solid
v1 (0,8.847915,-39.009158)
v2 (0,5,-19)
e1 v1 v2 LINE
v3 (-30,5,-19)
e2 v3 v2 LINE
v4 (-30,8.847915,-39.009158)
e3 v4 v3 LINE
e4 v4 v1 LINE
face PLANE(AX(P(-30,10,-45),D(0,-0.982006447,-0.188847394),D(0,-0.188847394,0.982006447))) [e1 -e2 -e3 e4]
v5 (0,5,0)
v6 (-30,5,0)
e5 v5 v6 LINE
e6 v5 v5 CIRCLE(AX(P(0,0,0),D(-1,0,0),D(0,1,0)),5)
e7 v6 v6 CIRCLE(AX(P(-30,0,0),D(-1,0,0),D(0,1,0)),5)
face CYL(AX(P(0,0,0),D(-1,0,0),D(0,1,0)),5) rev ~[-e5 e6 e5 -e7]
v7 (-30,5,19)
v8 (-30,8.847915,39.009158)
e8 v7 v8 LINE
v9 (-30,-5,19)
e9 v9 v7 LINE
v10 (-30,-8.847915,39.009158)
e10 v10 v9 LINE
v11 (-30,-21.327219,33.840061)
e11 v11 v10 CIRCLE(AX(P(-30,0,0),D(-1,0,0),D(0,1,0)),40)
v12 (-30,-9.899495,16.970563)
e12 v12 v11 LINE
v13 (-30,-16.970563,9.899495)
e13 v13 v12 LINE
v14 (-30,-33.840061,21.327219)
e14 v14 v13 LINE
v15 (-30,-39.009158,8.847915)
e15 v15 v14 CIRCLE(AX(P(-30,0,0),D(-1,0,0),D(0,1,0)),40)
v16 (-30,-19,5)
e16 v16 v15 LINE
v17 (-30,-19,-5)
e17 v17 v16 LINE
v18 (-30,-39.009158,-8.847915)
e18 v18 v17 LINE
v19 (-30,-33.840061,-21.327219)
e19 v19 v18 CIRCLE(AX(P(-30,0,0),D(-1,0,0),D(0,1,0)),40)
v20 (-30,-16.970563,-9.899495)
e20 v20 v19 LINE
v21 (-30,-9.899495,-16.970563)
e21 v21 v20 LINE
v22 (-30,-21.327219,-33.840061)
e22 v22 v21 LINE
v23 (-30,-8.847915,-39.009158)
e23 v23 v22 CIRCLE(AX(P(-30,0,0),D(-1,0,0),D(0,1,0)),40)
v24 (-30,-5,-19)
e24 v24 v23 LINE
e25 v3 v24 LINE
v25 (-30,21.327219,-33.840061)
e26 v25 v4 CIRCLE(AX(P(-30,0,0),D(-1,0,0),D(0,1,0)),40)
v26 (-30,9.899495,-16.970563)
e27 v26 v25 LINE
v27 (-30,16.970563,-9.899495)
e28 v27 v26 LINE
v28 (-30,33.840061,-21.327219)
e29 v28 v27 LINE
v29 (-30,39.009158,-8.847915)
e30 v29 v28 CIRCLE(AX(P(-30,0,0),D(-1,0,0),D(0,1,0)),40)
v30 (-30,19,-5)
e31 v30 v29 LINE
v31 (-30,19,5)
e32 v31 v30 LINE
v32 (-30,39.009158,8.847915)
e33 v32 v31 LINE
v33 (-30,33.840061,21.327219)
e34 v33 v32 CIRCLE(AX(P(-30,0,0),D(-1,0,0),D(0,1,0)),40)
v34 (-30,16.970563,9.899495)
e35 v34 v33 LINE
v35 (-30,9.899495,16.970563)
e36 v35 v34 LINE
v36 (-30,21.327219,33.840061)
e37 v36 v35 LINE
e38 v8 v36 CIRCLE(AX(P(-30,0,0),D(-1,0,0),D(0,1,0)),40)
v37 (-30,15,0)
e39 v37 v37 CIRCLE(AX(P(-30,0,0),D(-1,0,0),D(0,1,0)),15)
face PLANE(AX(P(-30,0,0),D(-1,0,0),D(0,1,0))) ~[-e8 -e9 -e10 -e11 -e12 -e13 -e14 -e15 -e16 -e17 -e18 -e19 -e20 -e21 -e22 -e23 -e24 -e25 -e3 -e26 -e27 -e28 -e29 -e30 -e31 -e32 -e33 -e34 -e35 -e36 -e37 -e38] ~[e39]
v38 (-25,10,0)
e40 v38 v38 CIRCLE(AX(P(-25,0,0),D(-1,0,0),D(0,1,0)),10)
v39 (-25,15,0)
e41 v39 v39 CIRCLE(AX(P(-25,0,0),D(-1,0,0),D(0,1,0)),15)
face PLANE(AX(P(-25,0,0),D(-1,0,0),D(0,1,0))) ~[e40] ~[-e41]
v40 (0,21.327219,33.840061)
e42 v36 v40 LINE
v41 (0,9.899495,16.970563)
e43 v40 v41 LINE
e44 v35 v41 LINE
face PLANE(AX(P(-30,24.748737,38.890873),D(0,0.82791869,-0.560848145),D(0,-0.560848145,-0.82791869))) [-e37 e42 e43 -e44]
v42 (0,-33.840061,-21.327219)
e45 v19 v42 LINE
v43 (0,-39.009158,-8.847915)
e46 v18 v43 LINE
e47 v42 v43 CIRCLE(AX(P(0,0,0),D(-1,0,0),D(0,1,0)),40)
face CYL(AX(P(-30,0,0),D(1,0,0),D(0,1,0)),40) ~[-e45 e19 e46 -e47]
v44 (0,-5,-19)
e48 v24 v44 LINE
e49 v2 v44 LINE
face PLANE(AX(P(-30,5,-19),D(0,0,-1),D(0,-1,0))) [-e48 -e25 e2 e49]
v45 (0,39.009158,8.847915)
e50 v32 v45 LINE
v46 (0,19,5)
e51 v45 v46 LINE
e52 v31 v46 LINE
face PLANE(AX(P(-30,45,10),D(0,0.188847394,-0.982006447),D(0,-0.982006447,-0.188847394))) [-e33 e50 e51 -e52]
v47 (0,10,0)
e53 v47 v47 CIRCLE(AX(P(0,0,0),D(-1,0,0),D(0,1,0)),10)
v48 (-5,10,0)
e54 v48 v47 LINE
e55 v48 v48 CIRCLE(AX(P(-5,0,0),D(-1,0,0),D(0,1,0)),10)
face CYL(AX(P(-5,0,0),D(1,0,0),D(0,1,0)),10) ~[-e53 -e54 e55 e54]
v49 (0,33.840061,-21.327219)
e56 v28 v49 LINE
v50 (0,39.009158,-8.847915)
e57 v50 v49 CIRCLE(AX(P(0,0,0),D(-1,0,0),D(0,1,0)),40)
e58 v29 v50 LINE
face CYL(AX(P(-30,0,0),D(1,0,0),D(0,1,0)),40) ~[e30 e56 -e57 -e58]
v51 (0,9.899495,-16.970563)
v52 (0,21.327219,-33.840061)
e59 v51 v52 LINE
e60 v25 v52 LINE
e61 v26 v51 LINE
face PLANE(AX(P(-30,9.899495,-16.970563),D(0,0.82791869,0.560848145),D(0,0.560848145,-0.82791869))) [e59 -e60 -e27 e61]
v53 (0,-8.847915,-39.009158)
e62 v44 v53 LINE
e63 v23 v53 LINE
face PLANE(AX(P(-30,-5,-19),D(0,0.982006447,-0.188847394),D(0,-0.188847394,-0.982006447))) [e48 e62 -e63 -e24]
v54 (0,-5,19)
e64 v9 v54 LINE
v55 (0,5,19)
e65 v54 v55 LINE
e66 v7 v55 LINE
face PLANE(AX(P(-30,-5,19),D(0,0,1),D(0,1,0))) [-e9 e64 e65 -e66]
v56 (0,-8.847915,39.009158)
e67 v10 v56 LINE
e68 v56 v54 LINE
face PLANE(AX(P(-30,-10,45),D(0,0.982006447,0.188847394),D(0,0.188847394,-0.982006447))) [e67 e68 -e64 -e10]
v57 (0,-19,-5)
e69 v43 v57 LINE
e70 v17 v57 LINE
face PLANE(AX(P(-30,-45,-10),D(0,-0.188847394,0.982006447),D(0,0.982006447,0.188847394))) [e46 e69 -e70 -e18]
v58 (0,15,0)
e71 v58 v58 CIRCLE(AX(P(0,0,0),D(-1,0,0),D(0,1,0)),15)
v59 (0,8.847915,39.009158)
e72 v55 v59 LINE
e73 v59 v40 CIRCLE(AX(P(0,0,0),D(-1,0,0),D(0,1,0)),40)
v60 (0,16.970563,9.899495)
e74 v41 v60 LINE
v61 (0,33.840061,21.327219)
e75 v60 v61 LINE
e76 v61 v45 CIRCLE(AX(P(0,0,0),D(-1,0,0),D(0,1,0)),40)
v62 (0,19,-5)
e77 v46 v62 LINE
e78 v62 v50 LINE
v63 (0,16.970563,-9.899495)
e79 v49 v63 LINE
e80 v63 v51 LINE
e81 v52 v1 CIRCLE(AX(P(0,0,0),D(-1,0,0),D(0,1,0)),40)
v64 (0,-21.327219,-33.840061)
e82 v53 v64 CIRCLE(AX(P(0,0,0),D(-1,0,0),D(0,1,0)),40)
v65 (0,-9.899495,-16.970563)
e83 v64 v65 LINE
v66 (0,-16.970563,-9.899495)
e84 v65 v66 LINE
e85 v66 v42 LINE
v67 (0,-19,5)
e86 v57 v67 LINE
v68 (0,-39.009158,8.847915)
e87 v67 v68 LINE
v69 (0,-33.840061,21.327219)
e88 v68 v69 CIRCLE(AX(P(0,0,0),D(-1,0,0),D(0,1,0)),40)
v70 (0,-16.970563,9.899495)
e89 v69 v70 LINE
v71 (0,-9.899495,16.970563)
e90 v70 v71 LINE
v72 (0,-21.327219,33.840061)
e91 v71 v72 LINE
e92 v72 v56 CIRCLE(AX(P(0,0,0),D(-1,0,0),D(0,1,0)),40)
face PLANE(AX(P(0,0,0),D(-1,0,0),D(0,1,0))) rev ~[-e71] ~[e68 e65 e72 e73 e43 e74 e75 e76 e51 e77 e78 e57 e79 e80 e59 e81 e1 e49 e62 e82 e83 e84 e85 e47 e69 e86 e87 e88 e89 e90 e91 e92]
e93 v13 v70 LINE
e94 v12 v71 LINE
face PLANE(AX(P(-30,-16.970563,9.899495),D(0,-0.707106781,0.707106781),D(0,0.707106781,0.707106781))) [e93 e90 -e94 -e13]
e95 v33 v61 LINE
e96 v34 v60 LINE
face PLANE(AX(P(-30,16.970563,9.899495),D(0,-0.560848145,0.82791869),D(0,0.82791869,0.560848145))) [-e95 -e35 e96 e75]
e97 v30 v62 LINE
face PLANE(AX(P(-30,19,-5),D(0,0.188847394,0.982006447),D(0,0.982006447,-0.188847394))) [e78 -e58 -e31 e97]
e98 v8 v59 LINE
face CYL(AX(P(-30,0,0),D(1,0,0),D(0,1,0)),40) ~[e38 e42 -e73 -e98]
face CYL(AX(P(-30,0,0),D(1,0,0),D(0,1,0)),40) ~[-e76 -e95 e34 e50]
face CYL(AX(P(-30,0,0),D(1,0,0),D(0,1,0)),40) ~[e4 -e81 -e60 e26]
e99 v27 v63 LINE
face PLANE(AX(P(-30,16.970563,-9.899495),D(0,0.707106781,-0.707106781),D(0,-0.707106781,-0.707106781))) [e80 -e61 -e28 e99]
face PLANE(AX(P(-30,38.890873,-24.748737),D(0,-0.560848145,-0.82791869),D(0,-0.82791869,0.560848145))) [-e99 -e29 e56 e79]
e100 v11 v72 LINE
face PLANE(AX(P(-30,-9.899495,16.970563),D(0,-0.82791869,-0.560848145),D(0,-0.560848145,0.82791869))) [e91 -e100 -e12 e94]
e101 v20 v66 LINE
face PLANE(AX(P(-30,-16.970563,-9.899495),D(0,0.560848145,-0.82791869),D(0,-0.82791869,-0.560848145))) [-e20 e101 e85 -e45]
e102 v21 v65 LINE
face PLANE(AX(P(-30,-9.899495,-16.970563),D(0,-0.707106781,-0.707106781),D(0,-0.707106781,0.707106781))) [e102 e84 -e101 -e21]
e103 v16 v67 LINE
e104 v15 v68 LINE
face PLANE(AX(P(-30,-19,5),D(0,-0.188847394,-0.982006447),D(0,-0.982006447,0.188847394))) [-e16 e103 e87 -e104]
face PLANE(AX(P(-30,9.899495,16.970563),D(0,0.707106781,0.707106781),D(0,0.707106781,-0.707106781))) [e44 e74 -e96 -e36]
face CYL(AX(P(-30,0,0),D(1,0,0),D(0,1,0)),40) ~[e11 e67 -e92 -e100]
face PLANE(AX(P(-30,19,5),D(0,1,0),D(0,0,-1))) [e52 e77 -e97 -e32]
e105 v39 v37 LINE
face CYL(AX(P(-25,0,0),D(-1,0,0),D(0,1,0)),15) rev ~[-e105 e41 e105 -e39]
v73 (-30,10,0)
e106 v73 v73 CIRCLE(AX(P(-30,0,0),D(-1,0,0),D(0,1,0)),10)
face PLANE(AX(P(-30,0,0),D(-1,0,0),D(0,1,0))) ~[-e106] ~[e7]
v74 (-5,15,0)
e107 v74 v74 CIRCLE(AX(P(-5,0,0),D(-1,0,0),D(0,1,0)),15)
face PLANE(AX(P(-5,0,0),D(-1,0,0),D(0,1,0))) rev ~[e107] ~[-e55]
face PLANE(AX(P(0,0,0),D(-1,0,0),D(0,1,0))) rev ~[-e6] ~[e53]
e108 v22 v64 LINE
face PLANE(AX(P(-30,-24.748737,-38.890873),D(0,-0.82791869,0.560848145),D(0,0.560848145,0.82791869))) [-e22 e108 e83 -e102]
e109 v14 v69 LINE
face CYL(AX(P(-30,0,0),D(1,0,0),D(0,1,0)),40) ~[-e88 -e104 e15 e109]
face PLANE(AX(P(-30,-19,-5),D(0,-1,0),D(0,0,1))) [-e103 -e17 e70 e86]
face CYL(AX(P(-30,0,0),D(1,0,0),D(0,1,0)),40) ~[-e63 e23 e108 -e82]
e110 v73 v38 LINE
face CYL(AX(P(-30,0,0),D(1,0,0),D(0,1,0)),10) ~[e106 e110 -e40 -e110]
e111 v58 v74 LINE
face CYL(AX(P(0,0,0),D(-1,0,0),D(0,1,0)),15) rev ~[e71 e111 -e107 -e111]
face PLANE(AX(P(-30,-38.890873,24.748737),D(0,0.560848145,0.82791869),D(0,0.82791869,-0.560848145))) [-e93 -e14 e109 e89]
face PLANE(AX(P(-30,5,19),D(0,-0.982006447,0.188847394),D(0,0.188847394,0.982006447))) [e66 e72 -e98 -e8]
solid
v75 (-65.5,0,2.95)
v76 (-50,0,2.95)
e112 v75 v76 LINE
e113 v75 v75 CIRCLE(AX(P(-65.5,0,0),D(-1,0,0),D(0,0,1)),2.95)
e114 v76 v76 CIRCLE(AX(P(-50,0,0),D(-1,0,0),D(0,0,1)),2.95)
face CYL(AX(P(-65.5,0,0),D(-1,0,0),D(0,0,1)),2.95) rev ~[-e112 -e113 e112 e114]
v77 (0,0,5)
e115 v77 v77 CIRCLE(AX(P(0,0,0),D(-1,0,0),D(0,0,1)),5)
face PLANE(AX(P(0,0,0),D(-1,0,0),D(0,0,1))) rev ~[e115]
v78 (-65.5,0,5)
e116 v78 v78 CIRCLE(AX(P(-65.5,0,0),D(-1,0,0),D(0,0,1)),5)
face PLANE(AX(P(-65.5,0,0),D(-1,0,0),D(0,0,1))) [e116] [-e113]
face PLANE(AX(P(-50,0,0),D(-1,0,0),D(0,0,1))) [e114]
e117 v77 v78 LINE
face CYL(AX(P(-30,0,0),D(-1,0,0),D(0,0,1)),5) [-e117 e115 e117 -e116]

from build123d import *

# Parameters (mm, degrees)
CUT_EXTRUDE6_DEPTH       = 31
CIRPATTERN6_COUNT        = 8
SKETCH9_R                = 5
BOSS_EXTRUDE1_DEPTH      = 35.5
BOSS_EXTRUDE1_DEPTH_BACK = 30
SKETCH11_R               = 2.95
CUT_EXTRUDE7_DEPTH       = 15.5


with BuildPart() as part:
    # Sketch2 → Revolve1 (revolve)
    with BuildSketch(Plane.XY):
        Polygon((0, 5), (-30, 5), (-30, 10), (-25, 10), (-25, 15), (-30, 15), (-30, 40), (0, 40), (0, 15), (-5, 15), (-5, 10), (0, 10), align=None)
    revolve(axis=Axis((0, 0, 0), (-1, 0, 0)))

    # Sketch8 → Cut-Extrude6 (cut, through all)
    with BuildSketch(Plane.ZY.offset(30)):
        Polygon((-10, 45), (10, 45), (5, 19), (-5, 19), align=None)
    cut_extrude6 = extrude(amount=-CUT_EXTRUDE6_DEPTH, mode=Mode.SUBTRACT)

    # CirPattern6: Cut-Extrude6 ×8 about axis
    cirpattern6_axis = Axis((0, 0, 0), (1, 0, 0))
    for i in range(1, CIRPATTERN6_COUNT):
        add(cut_extrude6.rotate(cirpattern6_axis, i * 360 / CIRPATTERN6_COUNT), mode=Mode.SUBTRACT)


with BuildPart() as body_2:
    # Sketch9 → Boss-Extrude1 (new body, two sides)
    with BuildSketch(Plane.ZY.offset(30)) as boss_extrude1_sk:
        Circle(SKETCH9_R)
    extrude(amount=BOSS_EXTRUDE1_DEPTH)
    extrude(boss_extrude1_sk.sketch, amount=-BOSS_EXTRUDE1_DEPTH_BACK)

    # Sketch11 → Cut-Extrude7 (cut)
    with BuildSketch(Plane.ZY.offset(65.5)):
        Circle(SKETCH11_R)
    extrude(amount=-CUT_EXTRUDE7_DEPTH, mode=Mode.SUBTRACT)


solid = Compound([part.part, body_2.part])
